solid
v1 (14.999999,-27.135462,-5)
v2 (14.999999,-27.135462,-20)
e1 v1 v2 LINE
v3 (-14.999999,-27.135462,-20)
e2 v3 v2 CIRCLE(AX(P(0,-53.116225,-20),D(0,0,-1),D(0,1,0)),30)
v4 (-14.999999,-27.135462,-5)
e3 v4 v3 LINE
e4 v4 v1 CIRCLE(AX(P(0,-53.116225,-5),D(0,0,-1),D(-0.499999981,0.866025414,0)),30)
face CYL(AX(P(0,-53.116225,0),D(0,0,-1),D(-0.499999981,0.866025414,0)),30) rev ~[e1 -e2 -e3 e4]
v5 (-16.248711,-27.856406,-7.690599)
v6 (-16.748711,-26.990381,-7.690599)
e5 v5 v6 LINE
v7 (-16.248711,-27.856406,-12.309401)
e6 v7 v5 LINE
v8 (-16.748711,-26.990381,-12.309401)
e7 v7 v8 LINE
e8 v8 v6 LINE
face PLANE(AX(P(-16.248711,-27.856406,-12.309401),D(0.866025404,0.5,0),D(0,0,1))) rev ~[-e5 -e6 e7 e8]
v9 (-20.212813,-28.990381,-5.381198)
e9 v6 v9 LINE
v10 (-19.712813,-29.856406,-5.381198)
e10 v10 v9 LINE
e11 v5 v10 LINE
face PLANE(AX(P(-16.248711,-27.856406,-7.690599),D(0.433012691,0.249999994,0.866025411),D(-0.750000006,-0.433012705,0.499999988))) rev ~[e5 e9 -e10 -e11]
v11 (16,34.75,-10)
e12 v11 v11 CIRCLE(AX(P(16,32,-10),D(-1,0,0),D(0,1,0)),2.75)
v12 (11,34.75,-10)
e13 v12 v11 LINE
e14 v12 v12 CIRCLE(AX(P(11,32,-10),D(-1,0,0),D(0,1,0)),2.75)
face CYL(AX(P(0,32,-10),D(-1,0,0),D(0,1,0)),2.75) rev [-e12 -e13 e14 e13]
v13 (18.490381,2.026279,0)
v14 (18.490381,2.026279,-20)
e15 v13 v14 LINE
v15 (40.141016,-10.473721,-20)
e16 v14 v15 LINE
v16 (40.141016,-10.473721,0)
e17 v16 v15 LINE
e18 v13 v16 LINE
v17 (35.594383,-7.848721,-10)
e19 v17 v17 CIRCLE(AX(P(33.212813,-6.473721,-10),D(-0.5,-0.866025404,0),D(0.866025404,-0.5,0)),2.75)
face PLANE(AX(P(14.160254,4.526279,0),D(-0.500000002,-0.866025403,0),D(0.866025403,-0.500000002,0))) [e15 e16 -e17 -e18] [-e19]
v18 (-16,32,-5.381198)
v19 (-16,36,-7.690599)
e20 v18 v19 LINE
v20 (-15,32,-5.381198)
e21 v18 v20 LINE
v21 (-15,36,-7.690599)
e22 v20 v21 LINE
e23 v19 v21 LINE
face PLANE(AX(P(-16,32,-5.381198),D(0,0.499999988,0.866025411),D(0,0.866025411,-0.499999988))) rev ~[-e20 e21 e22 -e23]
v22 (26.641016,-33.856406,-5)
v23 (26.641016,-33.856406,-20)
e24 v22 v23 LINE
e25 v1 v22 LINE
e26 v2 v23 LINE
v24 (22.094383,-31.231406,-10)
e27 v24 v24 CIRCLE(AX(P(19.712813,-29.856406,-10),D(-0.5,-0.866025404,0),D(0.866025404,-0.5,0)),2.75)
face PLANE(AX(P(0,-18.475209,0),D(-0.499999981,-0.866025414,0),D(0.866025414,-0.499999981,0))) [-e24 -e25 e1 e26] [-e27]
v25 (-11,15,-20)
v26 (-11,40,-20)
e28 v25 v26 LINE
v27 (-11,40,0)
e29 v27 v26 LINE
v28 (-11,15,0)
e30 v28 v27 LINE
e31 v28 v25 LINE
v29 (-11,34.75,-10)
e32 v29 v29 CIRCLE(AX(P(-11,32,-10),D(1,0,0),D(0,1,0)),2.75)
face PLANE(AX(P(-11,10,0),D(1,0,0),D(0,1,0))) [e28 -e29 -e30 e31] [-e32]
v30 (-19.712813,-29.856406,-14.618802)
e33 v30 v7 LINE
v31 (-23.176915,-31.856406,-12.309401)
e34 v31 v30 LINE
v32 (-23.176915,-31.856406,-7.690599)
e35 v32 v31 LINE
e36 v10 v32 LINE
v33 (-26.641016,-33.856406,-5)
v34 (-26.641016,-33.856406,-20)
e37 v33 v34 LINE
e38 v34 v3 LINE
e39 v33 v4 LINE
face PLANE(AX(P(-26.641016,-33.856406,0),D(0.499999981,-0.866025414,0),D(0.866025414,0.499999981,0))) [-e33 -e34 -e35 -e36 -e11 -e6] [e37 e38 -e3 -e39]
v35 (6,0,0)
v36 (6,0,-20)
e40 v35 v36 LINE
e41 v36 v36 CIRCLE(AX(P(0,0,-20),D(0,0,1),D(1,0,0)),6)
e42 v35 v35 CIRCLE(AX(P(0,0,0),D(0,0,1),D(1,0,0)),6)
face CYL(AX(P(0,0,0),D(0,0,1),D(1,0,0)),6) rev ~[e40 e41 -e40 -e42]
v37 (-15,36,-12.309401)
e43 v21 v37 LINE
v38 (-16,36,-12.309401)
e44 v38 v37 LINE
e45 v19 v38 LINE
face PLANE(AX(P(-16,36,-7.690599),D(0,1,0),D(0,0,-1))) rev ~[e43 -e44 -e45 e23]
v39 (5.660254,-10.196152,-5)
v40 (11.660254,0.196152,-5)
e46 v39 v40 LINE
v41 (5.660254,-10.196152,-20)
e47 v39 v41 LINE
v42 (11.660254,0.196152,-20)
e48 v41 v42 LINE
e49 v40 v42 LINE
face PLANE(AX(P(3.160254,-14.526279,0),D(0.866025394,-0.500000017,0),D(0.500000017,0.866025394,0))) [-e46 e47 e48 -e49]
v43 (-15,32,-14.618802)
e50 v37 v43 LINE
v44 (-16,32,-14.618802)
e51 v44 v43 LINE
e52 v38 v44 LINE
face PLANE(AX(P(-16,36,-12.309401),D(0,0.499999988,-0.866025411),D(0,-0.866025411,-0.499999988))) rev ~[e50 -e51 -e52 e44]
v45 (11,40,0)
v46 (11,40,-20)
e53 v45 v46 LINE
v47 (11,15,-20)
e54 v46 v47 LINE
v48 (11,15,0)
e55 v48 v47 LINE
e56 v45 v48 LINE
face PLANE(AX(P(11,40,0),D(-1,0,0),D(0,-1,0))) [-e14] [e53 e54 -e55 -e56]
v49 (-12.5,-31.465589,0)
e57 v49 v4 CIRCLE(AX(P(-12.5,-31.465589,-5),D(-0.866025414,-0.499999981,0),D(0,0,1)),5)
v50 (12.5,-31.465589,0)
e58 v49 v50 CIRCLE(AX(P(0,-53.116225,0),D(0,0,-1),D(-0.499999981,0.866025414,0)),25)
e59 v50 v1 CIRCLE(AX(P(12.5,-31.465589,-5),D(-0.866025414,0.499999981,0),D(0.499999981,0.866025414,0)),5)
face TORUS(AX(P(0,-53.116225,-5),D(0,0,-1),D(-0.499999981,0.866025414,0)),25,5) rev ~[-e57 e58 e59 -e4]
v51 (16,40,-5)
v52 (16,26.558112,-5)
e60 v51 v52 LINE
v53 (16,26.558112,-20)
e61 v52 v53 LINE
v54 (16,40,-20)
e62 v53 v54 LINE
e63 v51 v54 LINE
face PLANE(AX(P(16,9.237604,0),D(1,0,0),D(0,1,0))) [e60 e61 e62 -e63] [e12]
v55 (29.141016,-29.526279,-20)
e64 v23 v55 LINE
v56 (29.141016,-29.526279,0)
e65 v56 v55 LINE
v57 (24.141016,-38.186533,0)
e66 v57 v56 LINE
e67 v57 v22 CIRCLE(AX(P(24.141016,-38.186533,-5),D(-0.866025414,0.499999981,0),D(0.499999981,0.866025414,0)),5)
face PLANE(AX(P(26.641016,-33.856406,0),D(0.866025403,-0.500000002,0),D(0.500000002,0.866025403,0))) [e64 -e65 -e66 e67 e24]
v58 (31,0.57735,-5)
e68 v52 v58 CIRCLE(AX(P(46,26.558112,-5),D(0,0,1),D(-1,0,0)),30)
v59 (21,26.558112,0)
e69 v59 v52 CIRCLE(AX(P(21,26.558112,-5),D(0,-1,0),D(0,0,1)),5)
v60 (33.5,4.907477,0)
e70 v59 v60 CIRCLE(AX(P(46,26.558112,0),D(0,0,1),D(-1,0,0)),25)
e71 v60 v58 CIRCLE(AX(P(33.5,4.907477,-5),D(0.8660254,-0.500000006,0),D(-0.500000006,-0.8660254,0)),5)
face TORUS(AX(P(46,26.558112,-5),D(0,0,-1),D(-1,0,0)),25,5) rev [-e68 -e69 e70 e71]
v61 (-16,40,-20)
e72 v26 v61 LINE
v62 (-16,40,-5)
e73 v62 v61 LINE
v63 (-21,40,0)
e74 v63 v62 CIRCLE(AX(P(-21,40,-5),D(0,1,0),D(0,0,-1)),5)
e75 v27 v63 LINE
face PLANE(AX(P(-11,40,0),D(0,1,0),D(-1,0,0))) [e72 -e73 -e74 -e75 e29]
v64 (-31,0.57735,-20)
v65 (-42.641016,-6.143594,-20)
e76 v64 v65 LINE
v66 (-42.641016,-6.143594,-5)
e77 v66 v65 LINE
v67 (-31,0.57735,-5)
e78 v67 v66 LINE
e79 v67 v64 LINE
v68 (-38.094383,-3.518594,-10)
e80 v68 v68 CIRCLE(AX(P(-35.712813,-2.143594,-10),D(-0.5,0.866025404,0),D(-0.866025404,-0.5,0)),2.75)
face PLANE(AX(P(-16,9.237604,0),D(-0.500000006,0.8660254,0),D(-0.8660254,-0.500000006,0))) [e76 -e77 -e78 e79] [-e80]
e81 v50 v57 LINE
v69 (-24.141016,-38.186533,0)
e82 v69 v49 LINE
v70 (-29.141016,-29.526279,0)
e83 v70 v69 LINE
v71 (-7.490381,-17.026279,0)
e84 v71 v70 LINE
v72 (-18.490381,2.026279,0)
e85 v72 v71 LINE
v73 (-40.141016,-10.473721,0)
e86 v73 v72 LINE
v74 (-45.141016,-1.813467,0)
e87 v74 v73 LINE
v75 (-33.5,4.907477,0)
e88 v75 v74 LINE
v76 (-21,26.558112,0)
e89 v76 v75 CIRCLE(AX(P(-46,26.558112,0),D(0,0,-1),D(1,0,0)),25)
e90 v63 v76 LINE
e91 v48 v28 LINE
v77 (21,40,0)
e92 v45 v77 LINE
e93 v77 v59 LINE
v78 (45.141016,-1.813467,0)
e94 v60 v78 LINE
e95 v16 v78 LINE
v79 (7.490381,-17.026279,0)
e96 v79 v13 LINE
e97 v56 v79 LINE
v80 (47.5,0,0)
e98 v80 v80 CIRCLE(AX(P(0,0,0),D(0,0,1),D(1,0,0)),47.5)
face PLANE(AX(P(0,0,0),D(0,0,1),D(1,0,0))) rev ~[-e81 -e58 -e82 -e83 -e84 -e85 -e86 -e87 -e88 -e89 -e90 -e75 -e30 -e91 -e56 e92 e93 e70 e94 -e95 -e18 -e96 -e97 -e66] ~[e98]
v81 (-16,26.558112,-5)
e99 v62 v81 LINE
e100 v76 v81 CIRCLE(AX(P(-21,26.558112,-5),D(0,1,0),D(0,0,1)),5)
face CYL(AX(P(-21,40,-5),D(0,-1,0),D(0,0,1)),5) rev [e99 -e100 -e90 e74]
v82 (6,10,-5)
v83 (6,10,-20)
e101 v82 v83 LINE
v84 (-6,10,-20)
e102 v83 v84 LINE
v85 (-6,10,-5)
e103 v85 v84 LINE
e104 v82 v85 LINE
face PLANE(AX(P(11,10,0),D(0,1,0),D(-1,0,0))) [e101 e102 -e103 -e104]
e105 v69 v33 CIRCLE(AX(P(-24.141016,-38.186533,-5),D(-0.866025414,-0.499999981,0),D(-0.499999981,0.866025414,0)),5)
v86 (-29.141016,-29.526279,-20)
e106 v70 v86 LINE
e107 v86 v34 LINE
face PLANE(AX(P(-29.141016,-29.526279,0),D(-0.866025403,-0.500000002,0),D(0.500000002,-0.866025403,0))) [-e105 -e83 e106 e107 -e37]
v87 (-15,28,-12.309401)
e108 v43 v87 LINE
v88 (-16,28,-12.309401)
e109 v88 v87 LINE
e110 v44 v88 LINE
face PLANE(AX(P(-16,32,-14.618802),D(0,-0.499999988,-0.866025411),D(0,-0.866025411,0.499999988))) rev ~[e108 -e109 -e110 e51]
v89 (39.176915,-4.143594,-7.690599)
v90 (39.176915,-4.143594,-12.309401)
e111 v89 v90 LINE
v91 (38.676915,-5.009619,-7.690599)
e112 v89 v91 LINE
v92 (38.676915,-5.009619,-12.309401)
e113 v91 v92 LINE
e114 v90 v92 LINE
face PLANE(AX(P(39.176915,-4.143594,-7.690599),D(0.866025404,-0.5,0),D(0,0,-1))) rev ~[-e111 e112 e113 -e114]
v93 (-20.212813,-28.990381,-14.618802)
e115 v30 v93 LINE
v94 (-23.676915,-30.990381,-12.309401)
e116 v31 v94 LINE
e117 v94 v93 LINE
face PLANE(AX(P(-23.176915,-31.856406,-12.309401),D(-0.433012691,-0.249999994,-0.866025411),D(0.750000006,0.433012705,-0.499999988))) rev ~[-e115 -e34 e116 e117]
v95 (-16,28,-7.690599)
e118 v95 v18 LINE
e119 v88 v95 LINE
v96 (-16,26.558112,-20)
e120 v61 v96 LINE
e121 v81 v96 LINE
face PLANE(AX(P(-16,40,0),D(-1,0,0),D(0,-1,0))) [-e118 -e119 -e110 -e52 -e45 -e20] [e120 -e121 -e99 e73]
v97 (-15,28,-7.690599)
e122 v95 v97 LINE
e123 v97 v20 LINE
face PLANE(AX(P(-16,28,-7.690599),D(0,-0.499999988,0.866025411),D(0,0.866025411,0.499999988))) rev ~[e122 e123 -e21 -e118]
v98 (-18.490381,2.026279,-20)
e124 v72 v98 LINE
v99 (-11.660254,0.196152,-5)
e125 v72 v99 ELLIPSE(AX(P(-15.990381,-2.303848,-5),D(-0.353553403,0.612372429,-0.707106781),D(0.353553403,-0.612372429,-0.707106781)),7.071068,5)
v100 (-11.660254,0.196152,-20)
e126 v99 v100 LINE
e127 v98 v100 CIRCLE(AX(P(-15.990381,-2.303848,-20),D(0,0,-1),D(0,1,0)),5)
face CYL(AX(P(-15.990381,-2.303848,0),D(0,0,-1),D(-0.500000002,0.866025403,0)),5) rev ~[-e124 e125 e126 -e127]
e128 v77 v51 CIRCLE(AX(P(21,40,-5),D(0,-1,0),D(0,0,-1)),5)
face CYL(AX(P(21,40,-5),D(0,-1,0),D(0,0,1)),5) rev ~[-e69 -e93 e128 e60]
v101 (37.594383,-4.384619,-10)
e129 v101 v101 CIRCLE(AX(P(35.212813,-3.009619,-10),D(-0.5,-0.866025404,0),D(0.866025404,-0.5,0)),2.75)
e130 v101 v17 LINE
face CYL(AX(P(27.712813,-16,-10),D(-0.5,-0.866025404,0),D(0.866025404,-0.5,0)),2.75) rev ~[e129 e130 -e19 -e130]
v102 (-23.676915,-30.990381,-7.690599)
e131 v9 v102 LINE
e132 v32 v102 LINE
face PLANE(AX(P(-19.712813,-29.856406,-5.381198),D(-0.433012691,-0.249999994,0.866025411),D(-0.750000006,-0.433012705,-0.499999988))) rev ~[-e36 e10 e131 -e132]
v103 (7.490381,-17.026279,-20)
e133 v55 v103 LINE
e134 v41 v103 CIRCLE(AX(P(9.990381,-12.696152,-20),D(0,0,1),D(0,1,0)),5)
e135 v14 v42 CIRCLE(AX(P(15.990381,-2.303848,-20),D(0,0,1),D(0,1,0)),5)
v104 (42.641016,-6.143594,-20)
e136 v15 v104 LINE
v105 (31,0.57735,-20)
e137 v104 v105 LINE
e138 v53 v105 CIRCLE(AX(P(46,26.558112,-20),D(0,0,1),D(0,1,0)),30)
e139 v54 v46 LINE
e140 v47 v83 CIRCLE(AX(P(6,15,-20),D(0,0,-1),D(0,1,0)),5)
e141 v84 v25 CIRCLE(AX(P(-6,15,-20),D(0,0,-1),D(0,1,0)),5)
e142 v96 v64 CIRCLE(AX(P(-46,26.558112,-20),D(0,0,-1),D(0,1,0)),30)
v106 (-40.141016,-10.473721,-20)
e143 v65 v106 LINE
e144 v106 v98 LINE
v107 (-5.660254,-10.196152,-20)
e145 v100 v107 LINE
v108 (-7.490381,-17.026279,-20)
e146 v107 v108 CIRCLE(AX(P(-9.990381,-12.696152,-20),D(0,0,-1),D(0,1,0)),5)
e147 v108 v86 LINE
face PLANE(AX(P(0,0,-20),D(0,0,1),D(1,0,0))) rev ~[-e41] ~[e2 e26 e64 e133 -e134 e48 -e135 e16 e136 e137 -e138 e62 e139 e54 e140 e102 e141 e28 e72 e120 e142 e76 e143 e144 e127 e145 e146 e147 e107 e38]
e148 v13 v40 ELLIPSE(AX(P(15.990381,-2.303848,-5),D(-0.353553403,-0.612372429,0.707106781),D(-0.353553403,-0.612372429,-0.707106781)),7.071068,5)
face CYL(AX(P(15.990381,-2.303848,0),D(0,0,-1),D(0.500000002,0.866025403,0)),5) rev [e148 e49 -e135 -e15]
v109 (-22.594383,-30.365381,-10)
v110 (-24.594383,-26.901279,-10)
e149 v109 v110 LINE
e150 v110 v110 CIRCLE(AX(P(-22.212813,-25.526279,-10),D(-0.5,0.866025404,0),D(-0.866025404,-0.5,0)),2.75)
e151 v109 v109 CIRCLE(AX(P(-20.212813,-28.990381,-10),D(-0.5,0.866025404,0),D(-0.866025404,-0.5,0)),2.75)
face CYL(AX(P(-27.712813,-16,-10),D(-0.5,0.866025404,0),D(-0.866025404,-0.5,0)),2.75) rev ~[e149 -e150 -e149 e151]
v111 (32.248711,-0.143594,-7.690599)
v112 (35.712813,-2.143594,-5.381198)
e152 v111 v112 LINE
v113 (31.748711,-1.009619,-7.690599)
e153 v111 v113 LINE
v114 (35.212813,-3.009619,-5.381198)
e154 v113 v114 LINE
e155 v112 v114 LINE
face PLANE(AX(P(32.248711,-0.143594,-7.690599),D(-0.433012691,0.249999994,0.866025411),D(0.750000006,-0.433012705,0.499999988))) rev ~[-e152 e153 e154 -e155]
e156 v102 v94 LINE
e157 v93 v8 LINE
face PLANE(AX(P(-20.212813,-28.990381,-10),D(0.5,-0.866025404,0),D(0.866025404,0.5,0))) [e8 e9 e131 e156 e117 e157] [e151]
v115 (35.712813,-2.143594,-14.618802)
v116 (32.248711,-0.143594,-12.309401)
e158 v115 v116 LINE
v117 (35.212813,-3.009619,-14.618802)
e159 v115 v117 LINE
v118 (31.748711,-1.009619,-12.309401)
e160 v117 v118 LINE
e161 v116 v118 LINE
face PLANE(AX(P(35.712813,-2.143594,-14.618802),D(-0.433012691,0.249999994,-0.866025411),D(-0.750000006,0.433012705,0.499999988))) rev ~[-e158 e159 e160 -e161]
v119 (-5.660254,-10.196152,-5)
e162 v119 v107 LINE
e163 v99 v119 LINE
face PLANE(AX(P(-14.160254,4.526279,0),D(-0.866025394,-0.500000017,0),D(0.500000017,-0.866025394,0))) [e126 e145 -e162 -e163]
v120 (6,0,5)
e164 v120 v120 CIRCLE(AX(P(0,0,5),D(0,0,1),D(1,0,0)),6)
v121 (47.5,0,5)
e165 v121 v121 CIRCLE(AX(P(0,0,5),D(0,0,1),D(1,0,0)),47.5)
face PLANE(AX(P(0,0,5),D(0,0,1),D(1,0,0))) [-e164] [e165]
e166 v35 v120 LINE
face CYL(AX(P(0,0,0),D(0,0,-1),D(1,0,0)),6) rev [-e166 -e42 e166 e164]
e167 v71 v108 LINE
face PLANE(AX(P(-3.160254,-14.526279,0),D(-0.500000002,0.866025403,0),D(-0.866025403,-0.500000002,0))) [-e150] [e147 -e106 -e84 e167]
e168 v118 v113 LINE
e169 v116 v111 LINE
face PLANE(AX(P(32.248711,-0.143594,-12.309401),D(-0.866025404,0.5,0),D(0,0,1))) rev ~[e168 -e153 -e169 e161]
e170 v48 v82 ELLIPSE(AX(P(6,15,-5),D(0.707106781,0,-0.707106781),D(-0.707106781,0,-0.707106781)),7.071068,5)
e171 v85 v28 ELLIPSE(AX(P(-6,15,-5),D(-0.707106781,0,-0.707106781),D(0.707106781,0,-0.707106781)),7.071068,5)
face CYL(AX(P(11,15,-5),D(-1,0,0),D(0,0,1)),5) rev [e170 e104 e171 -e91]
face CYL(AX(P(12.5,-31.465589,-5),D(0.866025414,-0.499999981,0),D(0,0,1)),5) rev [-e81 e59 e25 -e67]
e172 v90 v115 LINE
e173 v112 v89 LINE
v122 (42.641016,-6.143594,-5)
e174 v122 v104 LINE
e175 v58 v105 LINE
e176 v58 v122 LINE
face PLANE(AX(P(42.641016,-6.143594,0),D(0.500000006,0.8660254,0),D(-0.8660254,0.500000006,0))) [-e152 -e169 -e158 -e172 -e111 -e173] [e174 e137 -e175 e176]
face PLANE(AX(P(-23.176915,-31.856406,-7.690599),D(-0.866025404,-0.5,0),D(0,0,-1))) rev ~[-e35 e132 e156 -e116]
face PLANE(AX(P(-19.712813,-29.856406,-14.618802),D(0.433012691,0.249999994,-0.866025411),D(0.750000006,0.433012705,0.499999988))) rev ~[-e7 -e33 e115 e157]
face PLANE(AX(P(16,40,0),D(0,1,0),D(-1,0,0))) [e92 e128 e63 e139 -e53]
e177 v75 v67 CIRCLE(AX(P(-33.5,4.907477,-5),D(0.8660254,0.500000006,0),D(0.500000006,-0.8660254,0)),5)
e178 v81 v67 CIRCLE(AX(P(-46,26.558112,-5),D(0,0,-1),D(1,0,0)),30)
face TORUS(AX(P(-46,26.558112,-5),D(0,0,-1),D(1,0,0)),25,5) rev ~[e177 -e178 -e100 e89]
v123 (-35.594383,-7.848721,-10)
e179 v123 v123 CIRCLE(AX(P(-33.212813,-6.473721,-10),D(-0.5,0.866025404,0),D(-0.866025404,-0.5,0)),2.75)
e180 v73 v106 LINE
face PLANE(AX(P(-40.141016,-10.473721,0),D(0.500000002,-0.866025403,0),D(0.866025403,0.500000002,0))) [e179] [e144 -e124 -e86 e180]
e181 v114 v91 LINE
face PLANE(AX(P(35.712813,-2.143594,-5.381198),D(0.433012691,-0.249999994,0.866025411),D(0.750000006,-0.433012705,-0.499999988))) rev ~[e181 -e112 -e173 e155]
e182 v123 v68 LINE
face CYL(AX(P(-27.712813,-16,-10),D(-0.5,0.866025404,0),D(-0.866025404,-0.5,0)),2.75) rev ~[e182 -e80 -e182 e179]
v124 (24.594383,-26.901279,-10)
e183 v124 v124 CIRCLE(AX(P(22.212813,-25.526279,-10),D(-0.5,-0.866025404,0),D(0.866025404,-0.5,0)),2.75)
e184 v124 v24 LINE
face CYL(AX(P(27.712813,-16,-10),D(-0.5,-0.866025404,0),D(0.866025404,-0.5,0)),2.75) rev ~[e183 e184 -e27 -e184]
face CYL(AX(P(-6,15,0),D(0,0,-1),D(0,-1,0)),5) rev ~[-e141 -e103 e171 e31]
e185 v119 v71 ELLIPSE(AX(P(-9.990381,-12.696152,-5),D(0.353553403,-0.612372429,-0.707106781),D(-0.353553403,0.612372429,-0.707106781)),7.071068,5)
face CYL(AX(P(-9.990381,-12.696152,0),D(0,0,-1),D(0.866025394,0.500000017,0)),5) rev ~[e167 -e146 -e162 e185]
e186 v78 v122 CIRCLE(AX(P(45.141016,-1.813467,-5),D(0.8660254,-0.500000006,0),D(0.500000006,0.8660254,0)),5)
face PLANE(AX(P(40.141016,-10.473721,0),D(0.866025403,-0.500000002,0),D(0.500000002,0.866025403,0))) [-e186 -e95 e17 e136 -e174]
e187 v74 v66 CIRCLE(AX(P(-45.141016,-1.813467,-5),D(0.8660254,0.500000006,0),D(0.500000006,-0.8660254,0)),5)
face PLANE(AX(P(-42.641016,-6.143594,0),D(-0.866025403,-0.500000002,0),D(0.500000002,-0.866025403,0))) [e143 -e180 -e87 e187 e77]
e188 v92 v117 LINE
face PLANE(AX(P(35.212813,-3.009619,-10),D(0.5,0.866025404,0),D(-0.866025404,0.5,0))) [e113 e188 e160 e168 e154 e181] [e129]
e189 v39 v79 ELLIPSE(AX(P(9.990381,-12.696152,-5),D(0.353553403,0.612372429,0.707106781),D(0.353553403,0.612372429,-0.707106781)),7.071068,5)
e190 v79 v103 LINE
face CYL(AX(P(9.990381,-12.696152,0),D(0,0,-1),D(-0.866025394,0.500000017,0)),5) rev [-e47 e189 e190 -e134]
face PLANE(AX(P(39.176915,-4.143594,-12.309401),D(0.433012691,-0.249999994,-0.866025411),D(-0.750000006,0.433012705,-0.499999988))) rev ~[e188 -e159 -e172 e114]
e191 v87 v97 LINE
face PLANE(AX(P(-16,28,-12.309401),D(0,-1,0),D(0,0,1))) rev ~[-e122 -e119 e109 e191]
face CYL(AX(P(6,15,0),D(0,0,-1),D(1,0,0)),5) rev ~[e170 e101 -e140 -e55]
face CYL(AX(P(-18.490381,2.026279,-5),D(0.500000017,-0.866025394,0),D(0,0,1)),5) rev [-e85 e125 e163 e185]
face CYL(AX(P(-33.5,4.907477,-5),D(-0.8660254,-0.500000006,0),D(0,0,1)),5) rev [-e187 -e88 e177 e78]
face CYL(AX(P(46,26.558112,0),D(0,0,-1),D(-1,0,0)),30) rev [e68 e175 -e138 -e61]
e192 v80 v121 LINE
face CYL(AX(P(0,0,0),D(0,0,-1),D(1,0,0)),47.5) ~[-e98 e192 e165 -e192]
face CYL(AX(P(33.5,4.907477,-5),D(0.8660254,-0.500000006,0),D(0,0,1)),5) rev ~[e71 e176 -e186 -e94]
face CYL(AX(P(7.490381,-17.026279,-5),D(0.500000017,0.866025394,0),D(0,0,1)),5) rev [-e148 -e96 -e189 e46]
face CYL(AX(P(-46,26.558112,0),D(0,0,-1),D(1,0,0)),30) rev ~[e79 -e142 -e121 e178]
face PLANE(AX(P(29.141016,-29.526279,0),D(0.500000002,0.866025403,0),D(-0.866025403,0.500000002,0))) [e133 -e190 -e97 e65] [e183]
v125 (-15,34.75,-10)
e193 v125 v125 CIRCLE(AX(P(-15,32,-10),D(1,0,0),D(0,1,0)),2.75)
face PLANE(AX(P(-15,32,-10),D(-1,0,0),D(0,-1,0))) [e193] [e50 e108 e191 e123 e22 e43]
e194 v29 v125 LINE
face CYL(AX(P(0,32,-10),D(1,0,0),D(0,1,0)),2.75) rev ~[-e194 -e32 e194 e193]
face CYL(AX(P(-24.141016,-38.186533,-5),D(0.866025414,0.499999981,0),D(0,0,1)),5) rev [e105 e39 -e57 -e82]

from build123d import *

# Parameters (mm, degrees)
SKETCH_R             = 47.5
SKETCH_R_2           = 6
PAD_DEPTH            = 5
SKETCH001_R          = 6
PAD001_DEPTH         = 20
FILLET_R             = 30
POCKET_DEPTH         = 1
SKETCH003_R          = 2.75
POCKET001_DEPTH      = 320.814007
POCKET001_DEPTH_BACK = 320.814007
POLARPATTERN_COUNT   = 3
FILLET001_R          = 5


with BuildPart() as part:
    # Sketch → Pad (new body)
    with BuildSketch(Plane.XY):
        Circle(SKETCH_R)
        Circle(SKETCH_R_2, mode=Mode.SUBTRACT)
    extrude(amount=PAD_DEPTH)

    # Sketch001 → Pad001 (join)
    with BuildSketch(Plane.XY):
        Polygon((16, 9.237604), (16, 40), (11, 40), (11, 10), (-11, 10), (-11, 40), (-16, 40), (-16, 9.237604), (-42.641016, -6.143594), (-40.141016, -10.473721), (-14.160254, 4.526279), (-3.160254, -14.526279), (-29.141016, -29.526279), (-26.641016, -33.856406), (0, -18.475209), (26.641016, -33.856406), (29.141016, -29.526279), (3.160254, -14.526279), (14.160254, 4.526279), (40.141016, -10.473721), (42.641016, -6.143594), align=None)
        Circle(SKETCH001_R, mode=Mode.SUBTRACT)
    extrude(amount=-PAD001_DEPTH)

    # Fillet
    fillet_edges = [part.edges().sort_by_distance(p)[0] for p in [
        (16, 9.237604, -10),
        (-16, 9.237604, -10),
        (0, -18.475209, -10),
    ]]
    fillet(fillet_edges, radius=FILLET_R)

    # Sketch002 (on Face14 of Fillet) → Pocket (cut)
    with BuildSketch(Plane(origin=(-16, 0, 0), x_dir=(0, -1, 0), z_dir=(-1, 0, 0))):
        Polygon((-28, -12.309401), (-28, -7.690599), (-32, -5.381198), (-36, -7.690599), (-36, -12.309401), (-32, -14.618802), align=None)
    pocket = extrude(amount=-POCKET_DEPTH, mode=Mode.SUBTRACT)

    # Sketch003 → Pocket001 (cut, two sides)
    with BuildSketch(Plane.YZ) as pocket001_sk:
        with Locations((32, -10)):
            Circle(SKETCH003_R)
    pocket001 = extrude(amount=-POCKET001_DEPTH, mode=Mode.SUBTRACT) + extrude(pocket001_sk.sketch, amount=POCKET001_DEPTH_BACK, mode=Mode.SUBTRACT)

    # PolarPattern: Pocket, Pocket001 ×3 about axis
    polarpattern_axis = Axis((0, 0, 0), (0, 0, 1))
    for i in range(1, POLARPATTERN_COUNT):
        add(pocket.rotate(polarpattern_axis, i * 360 / POLARPATTERN_COUNT), mode=Mode.SUBTRACT)
        add(pocket001.rotate(polarpattern_axis, i * 360 / POLARPATTERN_COUNT), mode=Mode.SUBTRACT)

    # Fillet001
    fillet001_edges = [part.edges().sort_by_distance(p)[0] for p in [
        (14.160254, 4.526279, -10),
        (3.160254, -14.526279, -10),
        (11, 10, -10),
        (-11, 10, -10),
        (-14.160254, 4.526279, -10),
        (-3.160254, -14.526279, -10),
        (-8.660254, -5, 0),
        (0, 10, 0),
        (8.660254, -5, 0),
        (20.019238, 11.558112, 0),
        (-20.019238, 11.558112, 0),
        (0, -23.116225, 0),
    ]]
    fillet(fillet001_edges, radius=FILLET001_R)


solid = part.part
